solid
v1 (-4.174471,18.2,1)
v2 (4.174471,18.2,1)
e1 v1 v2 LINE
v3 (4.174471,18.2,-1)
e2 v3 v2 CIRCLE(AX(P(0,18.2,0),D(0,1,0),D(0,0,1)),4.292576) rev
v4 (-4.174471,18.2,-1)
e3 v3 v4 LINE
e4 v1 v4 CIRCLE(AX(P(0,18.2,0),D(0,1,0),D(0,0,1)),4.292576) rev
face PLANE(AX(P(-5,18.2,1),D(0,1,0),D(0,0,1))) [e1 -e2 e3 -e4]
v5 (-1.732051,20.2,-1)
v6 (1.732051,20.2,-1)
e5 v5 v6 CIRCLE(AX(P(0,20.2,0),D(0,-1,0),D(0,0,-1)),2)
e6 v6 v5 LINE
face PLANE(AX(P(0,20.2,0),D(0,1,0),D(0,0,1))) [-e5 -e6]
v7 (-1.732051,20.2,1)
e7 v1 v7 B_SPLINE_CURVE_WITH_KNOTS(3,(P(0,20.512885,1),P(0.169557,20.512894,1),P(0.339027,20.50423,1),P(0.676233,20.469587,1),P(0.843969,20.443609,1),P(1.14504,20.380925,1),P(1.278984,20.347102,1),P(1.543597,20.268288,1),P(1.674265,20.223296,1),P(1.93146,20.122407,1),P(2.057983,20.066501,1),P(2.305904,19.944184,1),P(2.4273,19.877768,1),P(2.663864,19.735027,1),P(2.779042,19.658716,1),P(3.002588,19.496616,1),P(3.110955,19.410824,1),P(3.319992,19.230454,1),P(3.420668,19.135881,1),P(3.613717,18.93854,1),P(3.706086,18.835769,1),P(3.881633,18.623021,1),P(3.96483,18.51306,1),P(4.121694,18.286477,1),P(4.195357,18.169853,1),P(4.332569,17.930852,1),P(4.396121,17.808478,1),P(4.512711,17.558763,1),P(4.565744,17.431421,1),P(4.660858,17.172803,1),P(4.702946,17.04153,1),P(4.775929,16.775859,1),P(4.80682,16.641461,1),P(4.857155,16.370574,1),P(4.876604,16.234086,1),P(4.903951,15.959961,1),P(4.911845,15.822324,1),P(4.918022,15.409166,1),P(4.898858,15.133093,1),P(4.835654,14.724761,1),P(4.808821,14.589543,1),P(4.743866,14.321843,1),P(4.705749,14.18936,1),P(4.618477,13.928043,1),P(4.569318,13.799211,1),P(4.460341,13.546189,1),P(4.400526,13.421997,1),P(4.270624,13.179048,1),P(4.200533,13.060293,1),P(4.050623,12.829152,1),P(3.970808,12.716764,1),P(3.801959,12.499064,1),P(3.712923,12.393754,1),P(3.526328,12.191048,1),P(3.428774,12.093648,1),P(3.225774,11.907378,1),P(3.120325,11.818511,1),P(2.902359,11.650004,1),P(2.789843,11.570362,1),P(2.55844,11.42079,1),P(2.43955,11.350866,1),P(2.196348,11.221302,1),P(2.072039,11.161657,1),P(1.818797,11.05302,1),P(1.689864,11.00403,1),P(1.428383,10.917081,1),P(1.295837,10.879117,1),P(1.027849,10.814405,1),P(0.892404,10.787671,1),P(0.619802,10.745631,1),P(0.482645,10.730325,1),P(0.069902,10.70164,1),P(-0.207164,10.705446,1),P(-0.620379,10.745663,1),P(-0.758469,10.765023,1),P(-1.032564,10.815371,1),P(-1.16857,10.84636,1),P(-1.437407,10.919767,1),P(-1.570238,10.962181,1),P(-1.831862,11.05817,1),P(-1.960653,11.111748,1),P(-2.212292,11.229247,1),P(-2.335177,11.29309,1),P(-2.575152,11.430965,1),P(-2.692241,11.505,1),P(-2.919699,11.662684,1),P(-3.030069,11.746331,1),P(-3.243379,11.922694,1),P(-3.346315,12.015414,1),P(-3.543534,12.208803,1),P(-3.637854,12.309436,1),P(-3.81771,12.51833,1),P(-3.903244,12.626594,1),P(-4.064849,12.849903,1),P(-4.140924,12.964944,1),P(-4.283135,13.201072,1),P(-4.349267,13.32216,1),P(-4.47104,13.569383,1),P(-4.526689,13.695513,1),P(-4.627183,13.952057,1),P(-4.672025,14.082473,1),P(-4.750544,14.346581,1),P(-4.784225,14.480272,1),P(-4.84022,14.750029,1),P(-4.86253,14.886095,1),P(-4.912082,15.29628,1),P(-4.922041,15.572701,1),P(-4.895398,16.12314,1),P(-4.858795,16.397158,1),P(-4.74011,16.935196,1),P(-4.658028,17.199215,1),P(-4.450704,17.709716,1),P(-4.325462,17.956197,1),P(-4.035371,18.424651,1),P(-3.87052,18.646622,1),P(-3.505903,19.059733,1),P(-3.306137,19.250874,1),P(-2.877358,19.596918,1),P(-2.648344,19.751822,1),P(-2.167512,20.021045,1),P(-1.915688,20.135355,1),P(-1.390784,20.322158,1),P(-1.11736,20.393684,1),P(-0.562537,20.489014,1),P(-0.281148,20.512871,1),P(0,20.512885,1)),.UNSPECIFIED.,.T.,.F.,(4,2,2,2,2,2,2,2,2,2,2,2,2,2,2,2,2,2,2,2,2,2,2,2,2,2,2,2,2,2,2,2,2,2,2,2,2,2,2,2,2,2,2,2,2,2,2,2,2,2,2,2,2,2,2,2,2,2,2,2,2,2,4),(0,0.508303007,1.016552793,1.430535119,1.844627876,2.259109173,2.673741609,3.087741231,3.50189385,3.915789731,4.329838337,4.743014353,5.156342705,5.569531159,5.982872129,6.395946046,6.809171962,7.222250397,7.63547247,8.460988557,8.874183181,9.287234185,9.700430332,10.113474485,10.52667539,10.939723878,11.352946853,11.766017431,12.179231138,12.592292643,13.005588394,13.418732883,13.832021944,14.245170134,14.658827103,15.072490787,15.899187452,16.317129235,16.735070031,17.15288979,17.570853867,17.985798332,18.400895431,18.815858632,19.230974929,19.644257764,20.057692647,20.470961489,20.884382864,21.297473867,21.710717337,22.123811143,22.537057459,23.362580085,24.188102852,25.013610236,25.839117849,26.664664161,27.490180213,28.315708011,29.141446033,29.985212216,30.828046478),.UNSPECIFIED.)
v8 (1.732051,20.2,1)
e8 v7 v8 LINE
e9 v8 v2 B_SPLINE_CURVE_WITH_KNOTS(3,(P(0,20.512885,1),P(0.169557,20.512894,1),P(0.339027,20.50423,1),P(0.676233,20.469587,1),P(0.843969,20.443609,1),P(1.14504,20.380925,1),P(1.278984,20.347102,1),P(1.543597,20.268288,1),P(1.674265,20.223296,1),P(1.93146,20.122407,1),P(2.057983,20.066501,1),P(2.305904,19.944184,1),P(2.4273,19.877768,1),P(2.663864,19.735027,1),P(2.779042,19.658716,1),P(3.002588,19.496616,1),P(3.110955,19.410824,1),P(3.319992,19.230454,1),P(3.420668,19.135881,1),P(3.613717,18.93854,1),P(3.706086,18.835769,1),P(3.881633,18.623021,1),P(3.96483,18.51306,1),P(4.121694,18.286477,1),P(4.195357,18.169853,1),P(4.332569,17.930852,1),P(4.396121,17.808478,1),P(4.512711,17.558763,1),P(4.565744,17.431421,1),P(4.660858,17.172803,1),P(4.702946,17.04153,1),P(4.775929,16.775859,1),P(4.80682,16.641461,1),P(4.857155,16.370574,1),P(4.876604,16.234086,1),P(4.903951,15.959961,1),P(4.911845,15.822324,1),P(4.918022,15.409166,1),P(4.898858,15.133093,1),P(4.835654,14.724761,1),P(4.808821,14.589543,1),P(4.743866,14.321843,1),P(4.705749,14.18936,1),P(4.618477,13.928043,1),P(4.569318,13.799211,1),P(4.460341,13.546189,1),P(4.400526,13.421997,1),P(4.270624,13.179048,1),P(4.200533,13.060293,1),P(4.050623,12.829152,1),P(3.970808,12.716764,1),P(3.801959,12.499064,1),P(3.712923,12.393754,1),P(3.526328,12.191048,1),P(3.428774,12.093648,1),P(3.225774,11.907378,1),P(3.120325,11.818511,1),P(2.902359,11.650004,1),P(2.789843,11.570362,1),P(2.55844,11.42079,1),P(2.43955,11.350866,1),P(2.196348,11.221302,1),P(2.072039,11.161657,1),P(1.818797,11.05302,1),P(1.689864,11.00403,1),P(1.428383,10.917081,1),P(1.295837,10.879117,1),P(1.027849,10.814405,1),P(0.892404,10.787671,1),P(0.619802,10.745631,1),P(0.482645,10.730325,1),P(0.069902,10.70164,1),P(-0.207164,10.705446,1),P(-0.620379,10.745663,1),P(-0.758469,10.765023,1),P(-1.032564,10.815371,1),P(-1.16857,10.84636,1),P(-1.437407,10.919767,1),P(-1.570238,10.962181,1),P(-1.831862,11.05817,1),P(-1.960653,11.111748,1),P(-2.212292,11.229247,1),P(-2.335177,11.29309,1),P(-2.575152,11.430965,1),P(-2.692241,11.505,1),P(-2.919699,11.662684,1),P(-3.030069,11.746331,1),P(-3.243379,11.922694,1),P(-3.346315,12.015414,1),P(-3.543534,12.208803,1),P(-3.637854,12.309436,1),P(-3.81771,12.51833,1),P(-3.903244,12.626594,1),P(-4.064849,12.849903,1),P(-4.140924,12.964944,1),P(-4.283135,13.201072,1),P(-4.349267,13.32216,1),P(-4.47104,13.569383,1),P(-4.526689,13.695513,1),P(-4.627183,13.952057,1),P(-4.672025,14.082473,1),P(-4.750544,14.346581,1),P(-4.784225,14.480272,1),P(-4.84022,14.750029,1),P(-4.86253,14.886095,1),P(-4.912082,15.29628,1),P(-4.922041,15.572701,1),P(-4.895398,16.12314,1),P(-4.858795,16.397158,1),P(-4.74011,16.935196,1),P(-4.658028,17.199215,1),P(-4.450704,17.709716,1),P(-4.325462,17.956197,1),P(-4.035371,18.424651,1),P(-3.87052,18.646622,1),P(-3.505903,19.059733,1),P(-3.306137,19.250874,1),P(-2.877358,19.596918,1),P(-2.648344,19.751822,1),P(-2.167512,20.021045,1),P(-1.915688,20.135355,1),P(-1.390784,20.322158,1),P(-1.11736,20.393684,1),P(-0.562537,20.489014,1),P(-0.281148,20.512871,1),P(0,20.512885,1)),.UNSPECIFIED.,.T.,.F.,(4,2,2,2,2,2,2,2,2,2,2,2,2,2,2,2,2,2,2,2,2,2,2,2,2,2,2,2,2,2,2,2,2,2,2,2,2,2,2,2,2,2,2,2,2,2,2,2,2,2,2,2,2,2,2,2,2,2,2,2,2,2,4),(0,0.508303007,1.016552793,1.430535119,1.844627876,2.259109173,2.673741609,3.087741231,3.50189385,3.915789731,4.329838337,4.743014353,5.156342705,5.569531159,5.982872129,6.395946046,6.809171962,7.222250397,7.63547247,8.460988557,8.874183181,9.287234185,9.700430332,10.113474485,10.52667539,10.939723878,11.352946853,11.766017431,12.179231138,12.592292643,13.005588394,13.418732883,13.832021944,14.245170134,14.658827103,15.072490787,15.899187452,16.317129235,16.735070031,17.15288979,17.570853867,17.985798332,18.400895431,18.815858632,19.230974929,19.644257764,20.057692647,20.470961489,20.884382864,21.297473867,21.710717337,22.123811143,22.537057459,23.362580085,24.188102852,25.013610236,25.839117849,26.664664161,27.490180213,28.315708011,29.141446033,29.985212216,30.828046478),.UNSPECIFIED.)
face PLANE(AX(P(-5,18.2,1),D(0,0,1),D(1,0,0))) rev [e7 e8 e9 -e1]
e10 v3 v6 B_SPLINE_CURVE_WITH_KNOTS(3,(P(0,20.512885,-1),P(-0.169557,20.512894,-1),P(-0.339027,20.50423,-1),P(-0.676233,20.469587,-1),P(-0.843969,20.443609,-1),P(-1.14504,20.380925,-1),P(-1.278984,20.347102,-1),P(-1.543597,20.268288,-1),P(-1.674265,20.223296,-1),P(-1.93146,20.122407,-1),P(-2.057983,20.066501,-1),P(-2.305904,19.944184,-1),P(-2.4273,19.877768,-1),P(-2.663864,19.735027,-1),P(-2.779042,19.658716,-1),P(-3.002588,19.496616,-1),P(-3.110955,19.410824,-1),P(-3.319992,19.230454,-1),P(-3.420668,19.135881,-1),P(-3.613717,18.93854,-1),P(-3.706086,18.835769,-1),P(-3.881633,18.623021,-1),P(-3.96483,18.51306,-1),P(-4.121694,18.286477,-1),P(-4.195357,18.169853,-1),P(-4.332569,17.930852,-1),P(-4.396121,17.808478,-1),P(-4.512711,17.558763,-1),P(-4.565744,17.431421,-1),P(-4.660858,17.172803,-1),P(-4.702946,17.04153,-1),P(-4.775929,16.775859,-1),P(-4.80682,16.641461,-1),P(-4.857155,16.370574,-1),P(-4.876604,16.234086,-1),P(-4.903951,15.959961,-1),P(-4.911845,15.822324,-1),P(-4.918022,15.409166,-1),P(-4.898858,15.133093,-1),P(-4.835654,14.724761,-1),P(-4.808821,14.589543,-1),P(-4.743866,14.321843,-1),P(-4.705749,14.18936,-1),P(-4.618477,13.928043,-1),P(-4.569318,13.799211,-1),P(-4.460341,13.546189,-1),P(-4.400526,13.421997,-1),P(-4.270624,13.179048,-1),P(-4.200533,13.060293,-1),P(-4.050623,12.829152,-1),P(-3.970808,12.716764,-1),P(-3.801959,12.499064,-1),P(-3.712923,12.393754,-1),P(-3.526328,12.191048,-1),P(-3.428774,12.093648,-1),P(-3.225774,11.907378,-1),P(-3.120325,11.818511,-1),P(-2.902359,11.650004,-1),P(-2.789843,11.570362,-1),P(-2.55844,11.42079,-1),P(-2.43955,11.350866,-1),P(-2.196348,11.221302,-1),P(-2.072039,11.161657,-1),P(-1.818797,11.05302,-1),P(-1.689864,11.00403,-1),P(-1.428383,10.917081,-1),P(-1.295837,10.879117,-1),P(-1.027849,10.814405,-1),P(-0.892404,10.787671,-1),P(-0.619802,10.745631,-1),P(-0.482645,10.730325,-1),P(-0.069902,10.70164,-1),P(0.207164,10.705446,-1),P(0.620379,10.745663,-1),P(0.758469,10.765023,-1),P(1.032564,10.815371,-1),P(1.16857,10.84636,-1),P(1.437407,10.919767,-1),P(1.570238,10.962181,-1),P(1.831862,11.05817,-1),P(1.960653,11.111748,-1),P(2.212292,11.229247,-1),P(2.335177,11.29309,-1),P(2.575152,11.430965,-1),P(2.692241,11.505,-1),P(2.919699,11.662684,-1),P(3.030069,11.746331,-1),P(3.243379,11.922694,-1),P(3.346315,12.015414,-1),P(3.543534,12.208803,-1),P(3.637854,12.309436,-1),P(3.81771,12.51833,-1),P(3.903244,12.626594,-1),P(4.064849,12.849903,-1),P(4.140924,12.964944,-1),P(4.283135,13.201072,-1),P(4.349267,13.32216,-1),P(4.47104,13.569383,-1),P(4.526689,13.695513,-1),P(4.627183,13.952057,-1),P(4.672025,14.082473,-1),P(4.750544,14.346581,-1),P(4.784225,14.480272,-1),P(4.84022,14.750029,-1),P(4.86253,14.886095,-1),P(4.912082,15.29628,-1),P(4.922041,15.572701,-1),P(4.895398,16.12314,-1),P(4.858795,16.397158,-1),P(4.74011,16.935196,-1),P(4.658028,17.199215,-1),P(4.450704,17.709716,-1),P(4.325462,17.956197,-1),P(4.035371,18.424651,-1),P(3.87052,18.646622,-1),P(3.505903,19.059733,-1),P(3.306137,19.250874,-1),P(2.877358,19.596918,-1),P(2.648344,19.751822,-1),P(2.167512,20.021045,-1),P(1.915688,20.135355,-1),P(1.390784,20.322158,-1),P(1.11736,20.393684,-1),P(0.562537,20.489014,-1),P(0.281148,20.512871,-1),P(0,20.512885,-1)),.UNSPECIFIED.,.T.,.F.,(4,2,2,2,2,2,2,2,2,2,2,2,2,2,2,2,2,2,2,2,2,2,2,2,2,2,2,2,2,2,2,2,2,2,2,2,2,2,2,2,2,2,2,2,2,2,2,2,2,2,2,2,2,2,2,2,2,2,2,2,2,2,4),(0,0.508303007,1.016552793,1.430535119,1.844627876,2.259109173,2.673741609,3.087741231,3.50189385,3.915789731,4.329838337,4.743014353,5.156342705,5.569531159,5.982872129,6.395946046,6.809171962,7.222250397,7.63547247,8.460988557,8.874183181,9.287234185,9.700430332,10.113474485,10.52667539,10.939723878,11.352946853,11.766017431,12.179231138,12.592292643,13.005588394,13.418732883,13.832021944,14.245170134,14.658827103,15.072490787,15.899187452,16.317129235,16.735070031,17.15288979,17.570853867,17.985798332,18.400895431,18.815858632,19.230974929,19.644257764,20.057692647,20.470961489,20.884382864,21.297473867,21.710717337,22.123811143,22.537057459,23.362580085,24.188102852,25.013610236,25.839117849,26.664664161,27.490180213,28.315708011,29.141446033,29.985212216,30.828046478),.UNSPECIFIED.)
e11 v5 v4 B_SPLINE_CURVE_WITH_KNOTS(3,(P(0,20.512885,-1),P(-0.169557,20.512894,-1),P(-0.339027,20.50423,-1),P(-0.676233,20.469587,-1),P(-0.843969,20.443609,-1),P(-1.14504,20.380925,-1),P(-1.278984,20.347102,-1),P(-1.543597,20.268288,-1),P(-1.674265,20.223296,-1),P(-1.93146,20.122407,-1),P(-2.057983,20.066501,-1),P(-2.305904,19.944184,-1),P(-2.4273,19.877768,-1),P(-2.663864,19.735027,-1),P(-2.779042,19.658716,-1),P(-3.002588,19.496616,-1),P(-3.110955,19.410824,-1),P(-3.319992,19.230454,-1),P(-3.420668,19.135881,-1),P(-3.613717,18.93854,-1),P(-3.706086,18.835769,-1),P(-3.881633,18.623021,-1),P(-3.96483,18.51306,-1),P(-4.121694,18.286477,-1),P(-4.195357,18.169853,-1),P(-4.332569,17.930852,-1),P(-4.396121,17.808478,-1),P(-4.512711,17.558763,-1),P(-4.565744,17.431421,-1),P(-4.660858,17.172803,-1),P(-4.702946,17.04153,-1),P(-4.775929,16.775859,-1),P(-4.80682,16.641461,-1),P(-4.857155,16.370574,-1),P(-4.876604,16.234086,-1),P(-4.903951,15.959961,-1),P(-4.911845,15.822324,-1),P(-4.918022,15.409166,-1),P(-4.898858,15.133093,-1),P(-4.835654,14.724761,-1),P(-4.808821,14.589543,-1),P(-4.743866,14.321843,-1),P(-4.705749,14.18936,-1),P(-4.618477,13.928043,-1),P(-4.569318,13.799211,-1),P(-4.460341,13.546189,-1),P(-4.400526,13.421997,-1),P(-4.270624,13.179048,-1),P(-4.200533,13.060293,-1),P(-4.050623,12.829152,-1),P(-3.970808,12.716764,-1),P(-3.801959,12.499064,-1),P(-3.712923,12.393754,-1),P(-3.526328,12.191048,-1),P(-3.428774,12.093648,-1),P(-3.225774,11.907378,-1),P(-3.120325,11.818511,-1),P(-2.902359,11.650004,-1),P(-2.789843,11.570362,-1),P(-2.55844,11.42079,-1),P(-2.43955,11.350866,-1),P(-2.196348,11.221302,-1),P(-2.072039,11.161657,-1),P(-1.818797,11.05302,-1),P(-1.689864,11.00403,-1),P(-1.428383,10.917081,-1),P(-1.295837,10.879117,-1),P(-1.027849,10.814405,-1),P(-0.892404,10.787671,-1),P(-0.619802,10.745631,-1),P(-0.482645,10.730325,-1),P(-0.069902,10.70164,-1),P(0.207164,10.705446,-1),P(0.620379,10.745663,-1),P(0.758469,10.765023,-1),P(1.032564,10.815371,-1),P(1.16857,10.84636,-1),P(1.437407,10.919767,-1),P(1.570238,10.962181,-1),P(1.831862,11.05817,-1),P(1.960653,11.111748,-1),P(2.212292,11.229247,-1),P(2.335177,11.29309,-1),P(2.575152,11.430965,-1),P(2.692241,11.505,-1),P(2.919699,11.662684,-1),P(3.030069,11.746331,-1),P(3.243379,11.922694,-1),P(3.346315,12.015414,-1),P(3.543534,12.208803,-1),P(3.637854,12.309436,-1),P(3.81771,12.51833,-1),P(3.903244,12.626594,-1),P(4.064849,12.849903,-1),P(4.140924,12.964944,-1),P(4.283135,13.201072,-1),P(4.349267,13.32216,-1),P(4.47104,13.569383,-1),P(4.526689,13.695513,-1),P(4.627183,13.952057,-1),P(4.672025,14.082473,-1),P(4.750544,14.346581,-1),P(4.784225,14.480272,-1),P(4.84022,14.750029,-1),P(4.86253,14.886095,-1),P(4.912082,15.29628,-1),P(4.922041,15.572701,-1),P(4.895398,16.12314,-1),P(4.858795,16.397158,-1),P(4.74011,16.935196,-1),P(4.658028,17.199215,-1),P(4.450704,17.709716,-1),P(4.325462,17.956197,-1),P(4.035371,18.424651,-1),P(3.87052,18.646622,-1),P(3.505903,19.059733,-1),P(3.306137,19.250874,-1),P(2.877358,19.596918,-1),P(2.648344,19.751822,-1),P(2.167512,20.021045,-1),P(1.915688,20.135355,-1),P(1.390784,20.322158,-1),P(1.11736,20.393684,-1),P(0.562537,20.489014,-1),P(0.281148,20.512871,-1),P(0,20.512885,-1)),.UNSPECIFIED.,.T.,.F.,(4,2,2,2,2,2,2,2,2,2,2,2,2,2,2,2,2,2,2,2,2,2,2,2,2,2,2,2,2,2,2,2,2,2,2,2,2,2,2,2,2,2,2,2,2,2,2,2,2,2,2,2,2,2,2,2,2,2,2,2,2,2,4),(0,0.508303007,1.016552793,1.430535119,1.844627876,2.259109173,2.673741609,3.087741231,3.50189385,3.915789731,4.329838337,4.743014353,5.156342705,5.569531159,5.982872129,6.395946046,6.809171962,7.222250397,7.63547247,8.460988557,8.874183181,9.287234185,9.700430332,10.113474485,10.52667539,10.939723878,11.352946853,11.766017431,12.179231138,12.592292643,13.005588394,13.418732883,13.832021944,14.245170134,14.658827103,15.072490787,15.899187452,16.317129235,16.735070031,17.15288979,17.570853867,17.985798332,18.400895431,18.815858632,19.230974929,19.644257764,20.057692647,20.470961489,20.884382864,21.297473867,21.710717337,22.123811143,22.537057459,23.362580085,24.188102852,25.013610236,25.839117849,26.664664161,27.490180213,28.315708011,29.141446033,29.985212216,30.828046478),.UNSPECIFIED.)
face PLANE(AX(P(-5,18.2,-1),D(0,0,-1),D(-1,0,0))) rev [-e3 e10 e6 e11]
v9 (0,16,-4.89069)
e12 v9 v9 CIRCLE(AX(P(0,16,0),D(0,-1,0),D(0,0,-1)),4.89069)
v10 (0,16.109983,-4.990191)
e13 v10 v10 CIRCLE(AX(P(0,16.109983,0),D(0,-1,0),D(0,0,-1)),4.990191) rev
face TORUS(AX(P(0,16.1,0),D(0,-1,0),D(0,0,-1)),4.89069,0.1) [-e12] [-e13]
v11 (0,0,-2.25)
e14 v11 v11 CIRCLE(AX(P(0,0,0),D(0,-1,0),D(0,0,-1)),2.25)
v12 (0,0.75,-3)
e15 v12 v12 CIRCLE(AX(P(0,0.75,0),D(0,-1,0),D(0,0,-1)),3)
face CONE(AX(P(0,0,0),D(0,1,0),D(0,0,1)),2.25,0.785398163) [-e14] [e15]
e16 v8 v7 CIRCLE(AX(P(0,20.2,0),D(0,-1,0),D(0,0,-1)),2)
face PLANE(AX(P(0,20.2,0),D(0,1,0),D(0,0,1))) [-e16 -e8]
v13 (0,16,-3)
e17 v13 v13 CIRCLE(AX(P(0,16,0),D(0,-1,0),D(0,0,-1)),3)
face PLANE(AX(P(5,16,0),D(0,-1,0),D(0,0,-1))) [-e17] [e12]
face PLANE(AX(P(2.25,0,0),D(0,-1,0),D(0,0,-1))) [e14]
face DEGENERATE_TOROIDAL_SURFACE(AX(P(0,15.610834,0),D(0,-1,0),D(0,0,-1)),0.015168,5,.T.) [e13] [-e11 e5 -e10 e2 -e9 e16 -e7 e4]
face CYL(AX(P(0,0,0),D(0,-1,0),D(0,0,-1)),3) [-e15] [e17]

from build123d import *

# Parameters (mm, degrees)
FILLET_1_R          = 0.1
SKETCH_3_W          = 10
SKETCH_3_H          = 2
CUT_EXTRUDE_2_DEPTH = 2


with BuildPart() as part:
    # Эскиз1 → Повернуть1 (revolve)
    with BuildSketch(Plane.XY):
        with BuildLine():
            Line((5, 16), (3, 16))
            Line((3, 16), (3, 0.75))
            Line((3, 0.75), (2.25, 0))
            Line((2.25, 0), (0, 0))
            Line((0, 0), (0, 20.2))
            Line((0, 20.2), (2, 20.2))
            ThreePointArc((2, 20.2), (4.083835358, 18.517025256), (5, 16))
        make_face()
    revolve(axis=Axis((0, 0, 0), (0, 1, 0)))

    # Скругление1
    fillet_1_edges = [part.edges().sort_by_distance(p)[0] for p in [
        (-5, 16, 0),
    ]]
    fillet(fillet_1_edges, radius=FILLET_1_R)

    # Эскиз3 → Вырез-Вытянуть2 (cut)
    with BuildSketch(Plane(origin=(0, 20.2, 0), x_dir=(-1, 0, 0), z_dir=(0, 1, 0))):
        Rectangle(SKETCH_3_W, SKETCH_3_H)
    extrude(amount=-CUT_EXTRUDE_2_DEPTH, mode=Mode.SUBTRACT)


solid = part.part
